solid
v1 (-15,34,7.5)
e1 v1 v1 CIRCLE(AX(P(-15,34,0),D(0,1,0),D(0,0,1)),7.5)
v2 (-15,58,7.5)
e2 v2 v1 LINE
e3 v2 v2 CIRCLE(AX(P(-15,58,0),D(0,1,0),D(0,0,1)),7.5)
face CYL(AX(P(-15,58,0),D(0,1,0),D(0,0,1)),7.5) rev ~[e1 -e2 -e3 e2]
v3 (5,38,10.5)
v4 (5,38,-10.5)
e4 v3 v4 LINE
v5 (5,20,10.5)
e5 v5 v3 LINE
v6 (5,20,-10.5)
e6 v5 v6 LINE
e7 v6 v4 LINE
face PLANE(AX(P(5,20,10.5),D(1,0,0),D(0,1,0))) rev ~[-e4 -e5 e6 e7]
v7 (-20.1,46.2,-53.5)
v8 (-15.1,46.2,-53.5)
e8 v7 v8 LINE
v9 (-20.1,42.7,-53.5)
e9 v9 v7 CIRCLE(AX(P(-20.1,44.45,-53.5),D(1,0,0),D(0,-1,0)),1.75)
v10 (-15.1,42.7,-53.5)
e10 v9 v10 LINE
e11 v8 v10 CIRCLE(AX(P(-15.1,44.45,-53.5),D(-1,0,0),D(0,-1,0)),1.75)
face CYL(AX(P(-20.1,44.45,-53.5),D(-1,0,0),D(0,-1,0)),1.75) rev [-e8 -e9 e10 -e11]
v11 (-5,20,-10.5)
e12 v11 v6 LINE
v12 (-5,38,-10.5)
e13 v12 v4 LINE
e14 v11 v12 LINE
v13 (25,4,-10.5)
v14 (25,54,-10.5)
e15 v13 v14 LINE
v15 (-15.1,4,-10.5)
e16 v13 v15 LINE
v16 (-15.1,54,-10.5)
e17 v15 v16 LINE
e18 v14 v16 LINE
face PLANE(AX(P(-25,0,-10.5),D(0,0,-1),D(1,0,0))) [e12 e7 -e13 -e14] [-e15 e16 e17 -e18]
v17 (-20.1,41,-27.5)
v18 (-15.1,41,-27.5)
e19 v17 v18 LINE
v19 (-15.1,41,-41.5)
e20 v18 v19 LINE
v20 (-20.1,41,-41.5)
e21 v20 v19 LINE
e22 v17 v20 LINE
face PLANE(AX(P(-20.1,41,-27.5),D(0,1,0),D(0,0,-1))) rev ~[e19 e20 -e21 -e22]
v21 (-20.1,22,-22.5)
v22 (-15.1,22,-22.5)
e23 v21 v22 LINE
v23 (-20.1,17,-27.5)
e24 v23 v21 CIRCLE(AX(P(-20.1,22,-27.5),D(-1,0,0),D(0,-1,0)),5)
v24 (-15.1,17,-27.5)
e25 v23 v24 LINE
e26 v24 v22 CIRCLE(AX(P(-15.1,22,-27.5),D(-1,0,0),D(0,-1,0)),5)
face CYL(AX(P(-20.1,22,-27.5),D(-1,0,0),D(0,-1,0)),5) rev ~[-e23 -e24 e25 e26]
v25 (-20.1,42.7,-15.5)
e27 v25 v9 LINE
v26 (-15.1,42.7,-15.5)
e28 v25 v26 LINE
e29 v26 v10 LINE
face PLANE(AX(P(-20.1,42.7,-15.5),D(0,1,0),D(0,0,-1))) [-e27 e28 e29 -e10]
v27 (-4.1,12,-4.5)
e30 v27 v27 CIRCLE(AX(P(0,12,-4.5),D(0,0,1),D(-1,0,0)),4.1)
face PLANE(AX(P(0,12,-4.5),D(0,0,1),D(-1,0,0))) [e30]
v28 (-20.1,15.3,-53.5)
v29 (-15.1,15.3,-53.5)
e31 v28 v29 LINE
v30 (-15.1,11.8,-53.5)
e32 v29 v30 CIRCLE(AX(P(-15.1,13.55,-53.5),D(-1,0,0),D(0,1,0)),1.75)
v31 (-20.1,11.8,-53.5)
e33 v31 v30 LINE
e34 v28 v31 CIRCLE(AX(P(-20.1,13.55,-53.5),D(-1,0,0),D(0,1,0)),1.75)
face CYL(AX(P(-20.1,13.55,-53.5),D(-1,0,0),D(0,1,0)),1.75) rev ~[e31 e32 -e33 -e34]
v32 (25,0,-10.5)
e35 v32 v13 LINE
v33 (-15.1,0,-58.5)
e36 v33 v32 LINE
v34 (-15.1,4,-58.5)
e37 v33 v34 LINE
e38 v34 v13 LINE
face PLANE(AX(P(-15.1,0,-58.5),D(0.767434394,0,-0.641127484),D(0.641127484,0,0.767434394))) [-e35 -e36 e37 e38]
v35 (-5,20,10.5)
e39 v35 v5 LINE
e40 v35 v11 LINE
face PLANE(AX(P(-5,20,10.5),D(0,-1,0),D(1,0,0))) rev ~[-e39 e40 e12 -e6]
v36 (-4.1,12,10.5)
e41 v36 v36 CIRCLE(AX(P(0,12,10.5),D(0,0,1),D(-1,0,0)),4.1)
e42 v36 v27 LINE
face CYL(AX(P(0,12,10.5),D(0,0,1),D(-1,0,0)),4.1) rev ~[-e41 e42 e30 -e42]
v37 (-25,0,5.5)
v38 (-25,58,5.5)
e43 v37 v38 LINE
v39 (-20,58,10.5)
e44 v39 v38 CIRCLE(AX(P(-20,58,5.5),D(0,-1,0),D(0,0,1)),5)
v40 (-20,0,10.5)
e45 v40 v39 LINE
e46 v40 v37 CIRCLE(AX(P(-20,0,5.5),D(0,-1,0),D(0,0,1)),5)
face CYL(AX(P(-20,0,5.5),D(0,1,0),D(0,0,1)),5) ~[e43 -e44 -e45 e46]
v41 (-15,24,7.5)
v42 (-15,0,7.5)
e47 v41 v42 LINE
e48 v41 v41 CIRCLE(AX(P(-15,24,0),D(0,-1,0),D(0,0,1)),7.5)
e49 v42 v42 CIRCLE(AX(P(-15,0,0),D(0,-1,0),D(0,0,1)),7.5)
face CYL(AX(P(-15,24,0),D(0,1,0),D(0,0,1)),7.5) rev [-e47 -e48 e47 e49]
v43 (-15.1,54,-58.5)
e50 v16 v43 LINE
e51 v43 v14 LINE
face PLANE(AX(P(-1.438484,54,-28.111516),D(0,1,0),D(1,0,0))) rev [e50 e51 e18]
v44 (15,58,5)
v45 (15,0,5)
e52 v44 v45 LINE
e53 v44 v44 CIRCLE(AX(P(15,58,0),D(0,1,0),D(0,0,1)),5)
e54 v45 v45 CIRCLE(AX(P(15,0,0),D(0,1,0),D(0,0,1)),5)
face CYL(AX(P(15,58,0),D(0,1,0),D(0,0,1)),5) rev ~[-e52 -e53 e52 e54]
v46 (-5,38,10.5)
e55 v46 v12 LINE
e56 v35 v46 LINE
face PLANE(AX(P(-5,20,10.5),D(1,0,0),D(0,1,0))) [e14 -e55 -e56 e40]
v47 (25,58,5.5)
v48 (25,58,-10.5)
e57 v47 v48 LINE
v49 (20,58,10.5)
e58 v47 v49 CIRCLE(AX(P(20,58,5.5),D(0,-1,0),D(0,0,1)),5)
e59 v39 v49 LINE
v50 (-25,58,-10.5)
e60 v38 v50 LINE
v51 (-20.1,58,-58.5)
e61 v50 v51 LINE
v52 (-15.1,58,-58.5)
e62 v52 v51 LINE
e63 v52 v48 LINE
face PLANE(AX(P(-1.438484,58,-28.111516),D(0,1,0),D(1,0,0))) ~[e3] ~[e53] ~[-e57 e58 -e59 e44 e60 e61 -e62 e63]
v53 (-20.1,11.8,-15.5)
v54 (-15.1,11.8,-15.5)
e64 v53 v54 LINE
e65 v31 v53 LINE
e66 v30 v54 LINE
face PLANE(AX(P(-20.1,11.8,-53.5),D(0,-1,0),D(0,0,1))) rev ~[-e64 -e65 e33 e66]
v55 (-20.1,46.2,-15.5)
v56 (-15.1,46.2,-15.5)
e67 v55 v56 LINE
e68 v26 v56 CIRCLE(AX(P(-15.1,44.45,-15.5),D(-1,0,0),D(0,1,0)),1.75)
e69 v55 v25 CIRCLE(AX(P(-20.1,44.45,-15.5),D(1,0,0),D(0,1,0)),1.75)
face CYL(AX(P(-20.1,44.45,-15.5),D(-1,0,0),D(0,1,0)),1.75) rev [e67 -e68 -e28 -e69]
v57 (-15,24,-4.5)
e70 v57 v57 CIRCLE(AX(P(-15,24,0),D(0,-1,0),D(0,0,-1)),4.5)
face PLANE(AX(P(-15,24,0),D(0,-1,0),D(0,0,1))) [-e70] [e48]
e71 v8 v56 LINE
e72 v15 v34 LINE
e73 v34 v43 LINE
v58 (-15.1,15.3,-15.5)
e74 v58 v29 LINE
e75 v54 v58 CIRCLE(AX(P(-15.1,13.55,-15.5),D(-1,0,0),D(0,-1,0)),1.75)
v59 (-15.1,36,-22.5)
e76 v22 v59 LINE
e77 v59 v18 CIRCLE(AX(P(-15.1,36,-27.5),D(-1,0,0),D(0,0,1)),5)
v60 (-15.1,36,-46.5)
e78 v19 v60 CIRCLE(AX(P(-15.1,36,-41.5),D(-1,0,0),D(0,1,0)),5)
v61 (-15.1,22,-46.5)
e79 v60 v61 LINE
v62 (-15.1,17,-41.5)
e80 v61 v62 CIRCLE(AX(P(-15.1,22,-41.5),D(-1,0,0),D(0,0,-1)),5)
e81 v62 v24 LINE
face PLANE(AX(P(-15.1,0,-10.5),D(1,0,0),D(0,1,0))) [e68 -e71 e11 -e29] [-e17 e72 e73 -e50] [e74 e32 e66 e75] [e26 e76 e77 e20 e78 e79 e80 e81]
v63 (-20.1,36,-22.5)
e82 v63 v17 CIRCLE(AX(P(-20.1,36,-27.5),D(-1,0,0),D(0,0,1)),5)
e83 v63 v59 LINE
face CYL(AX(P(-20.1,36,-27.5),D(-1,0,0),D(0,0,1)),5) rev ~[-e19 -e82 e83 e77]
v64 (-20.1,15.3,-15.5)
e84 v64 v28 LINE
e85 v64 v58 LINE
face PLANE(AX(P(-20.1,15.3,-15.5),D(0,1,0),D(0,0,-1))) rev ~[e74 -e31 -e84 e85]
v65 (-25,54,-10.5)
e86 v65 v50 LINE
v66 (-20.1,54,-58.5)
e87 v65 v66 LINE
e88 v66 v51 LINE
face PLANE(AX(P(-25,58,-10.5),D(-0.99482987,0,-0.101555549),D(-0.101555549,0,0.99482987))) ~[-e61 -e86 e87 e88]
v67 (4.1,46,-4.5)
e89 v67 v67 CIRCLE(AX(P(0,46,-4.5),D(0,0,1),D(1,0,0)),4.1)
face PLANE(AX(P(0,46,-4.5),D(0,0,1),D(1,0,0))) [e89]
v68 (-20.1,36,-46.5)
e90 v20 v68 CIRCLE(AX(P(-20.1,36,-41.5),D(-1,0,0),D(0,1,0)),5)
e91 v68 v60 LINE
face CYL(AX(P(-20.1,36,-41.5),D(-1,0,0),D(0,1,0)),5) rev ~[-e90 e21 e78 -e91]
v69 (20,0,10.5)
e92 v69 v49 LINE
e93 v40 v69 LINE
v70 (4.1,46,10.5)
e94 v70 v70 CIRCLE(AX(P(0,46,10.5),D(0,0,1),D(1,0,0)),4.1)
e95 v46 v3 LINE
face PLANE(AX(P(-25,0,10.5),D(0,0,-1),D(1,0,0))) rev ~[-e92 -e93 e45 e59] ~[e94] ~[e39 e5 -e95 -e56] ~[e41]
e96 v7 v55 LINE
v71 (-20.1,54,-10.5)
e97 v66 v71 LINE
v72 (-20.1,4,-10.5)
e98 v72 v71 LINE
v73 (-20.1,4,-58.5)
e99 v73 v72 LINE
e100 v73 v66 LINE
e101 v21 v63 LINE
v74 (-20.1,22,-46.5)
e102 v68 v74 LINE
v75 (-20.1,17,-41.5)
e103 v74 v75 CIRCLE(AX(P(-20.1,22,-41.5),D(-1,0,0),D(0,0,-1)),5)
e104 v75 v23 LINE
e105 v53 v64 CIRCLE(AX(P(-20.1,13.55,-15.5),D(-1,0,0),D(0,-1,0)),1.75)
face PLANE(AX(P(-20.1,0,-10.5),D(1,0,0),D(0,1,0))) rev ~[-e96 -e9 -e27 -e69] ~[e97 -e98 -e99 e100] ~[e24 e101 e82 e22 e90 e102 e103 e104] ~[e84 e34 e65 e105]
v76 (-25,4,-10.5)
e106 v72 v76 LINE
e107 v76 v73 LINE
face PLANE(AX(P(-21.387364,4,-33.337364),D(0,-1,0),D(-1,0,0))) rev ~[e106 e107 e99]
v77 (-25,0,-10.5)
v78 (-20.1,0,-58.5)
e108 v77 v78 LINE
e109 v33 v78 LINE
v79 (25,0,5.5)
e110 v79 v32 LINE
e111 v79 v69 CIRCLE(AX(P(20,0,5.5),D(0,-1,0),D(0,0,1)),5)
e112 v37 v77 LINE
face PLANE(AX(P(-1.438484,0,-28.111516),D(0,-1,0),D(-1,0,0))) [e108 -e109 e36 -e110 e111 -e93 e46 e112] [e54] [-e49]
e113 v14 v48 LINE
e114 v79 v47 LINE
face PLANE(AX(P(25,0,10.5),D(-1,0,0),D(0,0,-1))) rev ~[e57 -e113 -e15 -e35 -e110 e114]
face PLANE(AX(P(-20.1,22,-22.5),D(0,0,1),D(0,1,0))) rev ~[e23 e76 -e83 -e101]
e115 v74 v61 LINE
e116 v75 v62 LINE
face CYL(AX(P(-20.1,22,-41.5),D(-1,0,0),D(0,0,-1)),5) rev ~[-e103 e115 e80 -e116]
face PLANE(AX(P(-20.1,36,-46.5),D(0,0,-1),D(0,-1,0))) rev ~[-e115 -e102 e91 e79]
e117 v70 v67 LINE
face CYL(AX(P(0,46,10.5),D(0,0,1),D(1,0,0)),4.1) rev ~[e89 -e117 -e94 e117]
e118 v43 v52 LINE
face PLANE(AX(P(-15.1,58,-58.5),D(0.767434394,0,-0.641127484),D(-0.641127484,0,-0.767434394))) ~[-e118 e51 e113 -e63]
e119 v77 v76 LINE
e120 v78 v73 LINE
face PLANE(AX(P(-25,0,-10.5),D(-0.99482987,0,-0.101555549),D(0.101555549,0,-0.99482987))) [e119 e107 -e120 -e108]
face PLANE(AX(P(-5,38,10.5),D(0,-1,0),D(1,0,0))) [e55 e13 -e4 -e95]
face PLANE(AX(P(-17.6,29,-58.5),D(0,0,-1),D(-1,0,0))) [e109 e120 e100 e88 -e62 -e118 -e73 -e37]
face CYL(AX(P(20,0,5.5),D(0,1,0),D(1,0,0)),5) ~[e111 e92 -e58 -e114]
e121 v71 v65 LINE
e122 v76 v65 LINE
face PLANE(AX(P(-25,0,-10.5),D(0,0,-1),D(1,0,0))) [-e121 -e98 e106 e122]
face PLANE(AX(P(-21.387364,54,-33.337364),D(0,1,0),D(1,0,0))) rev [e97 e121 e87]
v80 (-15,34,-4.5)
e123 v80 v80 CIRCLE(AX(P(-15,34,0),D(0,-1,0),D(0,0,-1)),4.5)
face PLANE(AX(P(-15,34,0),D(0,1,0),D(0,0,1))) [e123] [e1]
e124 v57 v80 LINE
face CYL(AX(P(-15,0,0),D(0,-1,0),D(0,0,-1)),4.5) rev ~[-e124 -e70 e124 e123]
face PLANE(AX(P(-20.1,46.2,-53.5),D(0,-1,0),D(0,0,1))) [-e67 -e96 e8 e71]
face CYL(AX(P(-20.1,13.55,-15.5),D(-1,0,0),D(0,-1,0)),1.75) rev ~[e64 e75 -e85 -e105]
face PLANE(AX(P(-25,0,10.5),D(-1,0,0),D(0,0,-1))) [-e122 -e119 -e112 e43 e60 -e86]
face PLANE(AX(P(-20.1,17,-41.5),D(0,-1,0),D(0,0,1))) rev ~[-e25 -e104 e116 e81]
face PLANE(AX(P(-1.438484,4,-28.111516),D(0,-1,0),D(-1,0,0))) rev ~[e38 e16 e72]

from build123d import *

# Parameters (mm, degrees)
SKETCH1_W           = 50
SKETCH1_H           = 21
BOSS_EXTRUDE1_DEPTH = 58
SKETCH3_R           = 7.5
CUT_EXTRUDE1_DEPTH  = 24
CUT_EXTRUDE2_REACH  = 66.025
SKETCH4_R           = 5
CUT_EXTRUDE3_START  = -24
SKETCH5_R           = 7.5
CUT_EXTRUDE3_DEPTH  = 24
CUT_EXTRUDE4_REACH  = 66.025
SKETCH6_R           = 4.5
CUT_EXTRUDE5_REACH  = 68.558
SKETCH8_W           = 10
SKETCH8_H           = 18
SKETCH9_W           = 5
SKETCH9_H           = 58
BOSS_EXTRUDE3_DEPTH = 48
CUT_EXTRUDE7_REACH  = 95.916
BOSS_EXTRUDE4_DEPTH = 4
FILLET1_R           = 5
SKETCH7_R           = 4.1
CUT_EXTRUDE8_DEPTH  = 15


with BuildPart() as part:
    # Sketch1 → Boss-Extrude1 (new body)
    with BuildSketch(Plane(origin=(0, 0, 0), x_dir=(1, 0, 0), z_dir=(0, 1, 0))):
        Rectangle(SKETCH1_W, SKETCH1_H)
    extrude(amount=BOSS_EXTRUDE1_DEPTH)

    # Sketch3 → Cut-Extrude1 (cut)
    with BuildSketch(Plane(origin=(0, 58, 0), x_dir=(1, 0, 0), z_dir=(0, 1, 0))):
        with Locations(Location((-15, 0, 0), (0, 0, 270))):
            Circle(SKETCH3_R)
    extrude(amount=-CUT_EXTRUDE1_DEPTH, mode=Mode.SUBTRACT)

    # Sketch4 → Cut-Extrude2 (cut, up to next)
    with BuildSketch(Plane(origin=(0, 58, 0), x_dir=(1, 0, 0), z_dir=(0, 1, 0)), mode=Mode.PRIVATE) as cut_extrude2_sk1:
        with Locations(Location((15, 0, 0), (0, 0, 270))):
            Circle(SKETCH4_R)
    cut_extrude2_tool1 = extrude(cut_extrude2_sk1.sketch, amount=-CUT_EXTRUDE2_REACH, mode=Mode.PRIVATE) & part.part
    add(cut_extrude2_tool1.solids().sort_by_distance((15, 58, 0))[0], mode=Mode.SUBTRACT)

    # Sketch5 → Cut-Extrude3 (cut)
    with BuildSketch(Plane.XZ.offset(CUT_EXTRUDE3_START)):
        with Locations(Location((-15, 0, 0), (0, 0, 90))):
            Circle(SKETCH5_R)
    extrude(amount=CUT_EXTRUDE3_DEPTH, mode=Mode.SUBTRACT)

    # Sketch6 → Cut-Extrude4 (cut, up to next)
    with BuildSketch(Plane.XZ, mode=Mode.PRIVATE) as cut_extrude4_sk1:
        with Locations(Location((-15, 0, 0), (0, 0, 270))):
            Circle(SKETCH6_R)
    cut_extrude4_tool1 = extrude(cut_extrude4_sk1.sketch, amount=-CUT_EXTRUDE4_REACH, mode=Mode.PRIVATE) & part.part
    add(cut_extrude4_tool1.solids().sort_by_distance((-15, 0, 0))[0], mode=Mode.SUBTRACT)

    # Sketch8 → Cut-Extrude5 (cut, up to next)
    with BuildSketch(Plane.XY.offset(10.5), mode=Mode.PRIVATE) as cut_extrude5_sk1:
        with Locations((0, 29)):
            Rectangle(SKETCH8_W, SKETCH8_H)
    cut_extrude5_tool1 = extrude(cut_extrude5_sk1.sketch, amount=-CUT_EXTRUDE5_REACH, mode=Mode.PRIVATE) & part.part
    add(cut_extrude5_tool1.solids().sort_by_distance((0, 29, 10.5))[0], mode=Mode.SUBTRACT)

    # Sketch9 → Boss-Extrude3 (add)
    with BuildSketch(Plane(origin=(0, 0, -10.5), x_dir=(-1, 0, 0), z_dir=(0, 0, -1))):
        with Locations((17.6, 29)):
            Rectangle(SKETCH9_W, SKETCH9_H)
    extrude(amount=BOSS_EXTRUDE3_DEPTH)

    # Sketch10 → Cut-Extrude7 (cut, up to next)
    with BuildSketch(Plane.ZY.offset(20.1), mode=Mode.PRIVATE) as cut_extrude7_sk1:
        with BuildLine():
            Line((-41.5, 17), (-27.5, 17))
            ThreePointArc((-27.5, 17), (-23.964466094, 18.464466094), (-22.5, 22))
            Line((-22.5, 22), (-22.5, 36))
            ThreePointArc((-22.5, 36), (-23.964466094, 39.535533906), (-27.5, 41))
            Line((-27.5, 41), (-41.5, 41))
            ThreePointArc((-41.5, 41), (-45.035533906, 39.535533906), (-46.5, 36))
            Line((-46.5, 36), (-46.5, 22))
            ThreePointArc((-46.5, 22), (-45.035533906, 18.464466094), (-41.5, 17))
        make_face()
    cut_extrude7_tool1 = extrude(cut_extrude7_sk1.sketch, amount=-CUT_EXTRUDE7_REACH, mode=Mode.PRIVATE) & part.part
    # Sketch10 → Cut-Extrude7 (cut, up to next)
    with BuildSketch(Plane.ZY.offset(20.1), mode=Mode.PRIVATE) as cut_extrude7_sk2:
        with BuildLine():
            Line((-15.5, 42.7), (-53.5, 42.7))
            ThreePointArc((-53.5, 42.7), (-55.25, 44.45), (-53.5, 46.2))
            Line((-53.5, 46.2), (-15.5, 46.2))
            ThreePointArc((-15.5, 46.2), (-13.75, 44.45), (-15.5, 42.7))
        make_face()
    cut_extrude7_tool2 = extrude(cut_extrude7_sk2.sketch, amount=-CUT_EXTRUDE7_REACH, mode=Mode.PRIVATE) & part.part
    # Sketch10 → Cut-Extrude7 (cut, up to next)
    with BuildSketch(Plane.ZY.offset(20.1), mode=Mode.PRIVATE) as cut_extrude7_sk3:
        with BuildLine():
            Line((-15.5, 15.3), (-53.5, 15.3))
            ThreePointArc((-53.5, 15.3), (-55.25, 13.55), (-53.5, 11.8))
            Line((-53.5, 11.8), (-15.5, 11.8))
            ThreePointArc((-15.5, 11.8), (-13.75, 13.55), (-15.5, 15.3))
        make_face()
    cut_extrude7_tool3 = extrude(cut_extrude7_sk3.sketch, amount=-CUT_EXTRUDE7_REACH, mode=Mode.PRIVATE) & part.part
    add(cut_extrude7_tool1.solids().sort_by_distance((-20.1, 29, -34.5))[0], mode=Mode.SUBTRACT)
    add(cut_extrude7_tool2.solids().sort_by_distance((-20.1, 44.45, -34.5))[0], mode=Mode.SUBTRACT)
    add(cut_extrude7_tool3.solids().sort_by_distance((-20.1, 13.55, -34.5))[0], mode=Mode.SUBTRACT)

    # Sketch11 → Boss-Extrude4 (add)
    with BuildSketch(Plane(origin=(0, 0, 0), x_dir=(-1, 0, 0), z_dir=(0, -1, 0))):
        Polygon((15.1, 58.5), (-25, 10.5), (15.1, 10.5), align=None)
        Polygon((20.1, 58.5), (20.1, 10.5), (25, 10.5), align=None)
    boss_extrude4 = extrude(amount=-BOSS_EXTRUDE4_DEPTH)

    # Mirror1: Boss-Extrude4 across plane
    add(boss_extrude4.mirror(Plane(origin=(0, 29, 0), x_dir=(0, 0, 1), z_dir=(0, -1, 0))))

    # Fillet1
    fillet1_edges = [part.edges().sort_by_distance(p)[0] for p in [
        (25, 29, 10.5),
        (-25, 29, 10.5),
    ]]
    fillet(fillet1_edges, radius=FILLET1_R)

    # Sketch7 → Cut-Extrude8 (cut)
    with BuildSketch(Plane.XY.offset(10.5)):
        with Locations((0, 46)):
            Circle(SKETCH7_R)
        with Locations(Location((0, 12, 0), (0, 0, 180))):
            Circle(SKETCH7_R)
    extrude(amount=-CUT_EXTRUDE8_DEPTH, mode=Mode.SUBTRACT)


solid = part.part
